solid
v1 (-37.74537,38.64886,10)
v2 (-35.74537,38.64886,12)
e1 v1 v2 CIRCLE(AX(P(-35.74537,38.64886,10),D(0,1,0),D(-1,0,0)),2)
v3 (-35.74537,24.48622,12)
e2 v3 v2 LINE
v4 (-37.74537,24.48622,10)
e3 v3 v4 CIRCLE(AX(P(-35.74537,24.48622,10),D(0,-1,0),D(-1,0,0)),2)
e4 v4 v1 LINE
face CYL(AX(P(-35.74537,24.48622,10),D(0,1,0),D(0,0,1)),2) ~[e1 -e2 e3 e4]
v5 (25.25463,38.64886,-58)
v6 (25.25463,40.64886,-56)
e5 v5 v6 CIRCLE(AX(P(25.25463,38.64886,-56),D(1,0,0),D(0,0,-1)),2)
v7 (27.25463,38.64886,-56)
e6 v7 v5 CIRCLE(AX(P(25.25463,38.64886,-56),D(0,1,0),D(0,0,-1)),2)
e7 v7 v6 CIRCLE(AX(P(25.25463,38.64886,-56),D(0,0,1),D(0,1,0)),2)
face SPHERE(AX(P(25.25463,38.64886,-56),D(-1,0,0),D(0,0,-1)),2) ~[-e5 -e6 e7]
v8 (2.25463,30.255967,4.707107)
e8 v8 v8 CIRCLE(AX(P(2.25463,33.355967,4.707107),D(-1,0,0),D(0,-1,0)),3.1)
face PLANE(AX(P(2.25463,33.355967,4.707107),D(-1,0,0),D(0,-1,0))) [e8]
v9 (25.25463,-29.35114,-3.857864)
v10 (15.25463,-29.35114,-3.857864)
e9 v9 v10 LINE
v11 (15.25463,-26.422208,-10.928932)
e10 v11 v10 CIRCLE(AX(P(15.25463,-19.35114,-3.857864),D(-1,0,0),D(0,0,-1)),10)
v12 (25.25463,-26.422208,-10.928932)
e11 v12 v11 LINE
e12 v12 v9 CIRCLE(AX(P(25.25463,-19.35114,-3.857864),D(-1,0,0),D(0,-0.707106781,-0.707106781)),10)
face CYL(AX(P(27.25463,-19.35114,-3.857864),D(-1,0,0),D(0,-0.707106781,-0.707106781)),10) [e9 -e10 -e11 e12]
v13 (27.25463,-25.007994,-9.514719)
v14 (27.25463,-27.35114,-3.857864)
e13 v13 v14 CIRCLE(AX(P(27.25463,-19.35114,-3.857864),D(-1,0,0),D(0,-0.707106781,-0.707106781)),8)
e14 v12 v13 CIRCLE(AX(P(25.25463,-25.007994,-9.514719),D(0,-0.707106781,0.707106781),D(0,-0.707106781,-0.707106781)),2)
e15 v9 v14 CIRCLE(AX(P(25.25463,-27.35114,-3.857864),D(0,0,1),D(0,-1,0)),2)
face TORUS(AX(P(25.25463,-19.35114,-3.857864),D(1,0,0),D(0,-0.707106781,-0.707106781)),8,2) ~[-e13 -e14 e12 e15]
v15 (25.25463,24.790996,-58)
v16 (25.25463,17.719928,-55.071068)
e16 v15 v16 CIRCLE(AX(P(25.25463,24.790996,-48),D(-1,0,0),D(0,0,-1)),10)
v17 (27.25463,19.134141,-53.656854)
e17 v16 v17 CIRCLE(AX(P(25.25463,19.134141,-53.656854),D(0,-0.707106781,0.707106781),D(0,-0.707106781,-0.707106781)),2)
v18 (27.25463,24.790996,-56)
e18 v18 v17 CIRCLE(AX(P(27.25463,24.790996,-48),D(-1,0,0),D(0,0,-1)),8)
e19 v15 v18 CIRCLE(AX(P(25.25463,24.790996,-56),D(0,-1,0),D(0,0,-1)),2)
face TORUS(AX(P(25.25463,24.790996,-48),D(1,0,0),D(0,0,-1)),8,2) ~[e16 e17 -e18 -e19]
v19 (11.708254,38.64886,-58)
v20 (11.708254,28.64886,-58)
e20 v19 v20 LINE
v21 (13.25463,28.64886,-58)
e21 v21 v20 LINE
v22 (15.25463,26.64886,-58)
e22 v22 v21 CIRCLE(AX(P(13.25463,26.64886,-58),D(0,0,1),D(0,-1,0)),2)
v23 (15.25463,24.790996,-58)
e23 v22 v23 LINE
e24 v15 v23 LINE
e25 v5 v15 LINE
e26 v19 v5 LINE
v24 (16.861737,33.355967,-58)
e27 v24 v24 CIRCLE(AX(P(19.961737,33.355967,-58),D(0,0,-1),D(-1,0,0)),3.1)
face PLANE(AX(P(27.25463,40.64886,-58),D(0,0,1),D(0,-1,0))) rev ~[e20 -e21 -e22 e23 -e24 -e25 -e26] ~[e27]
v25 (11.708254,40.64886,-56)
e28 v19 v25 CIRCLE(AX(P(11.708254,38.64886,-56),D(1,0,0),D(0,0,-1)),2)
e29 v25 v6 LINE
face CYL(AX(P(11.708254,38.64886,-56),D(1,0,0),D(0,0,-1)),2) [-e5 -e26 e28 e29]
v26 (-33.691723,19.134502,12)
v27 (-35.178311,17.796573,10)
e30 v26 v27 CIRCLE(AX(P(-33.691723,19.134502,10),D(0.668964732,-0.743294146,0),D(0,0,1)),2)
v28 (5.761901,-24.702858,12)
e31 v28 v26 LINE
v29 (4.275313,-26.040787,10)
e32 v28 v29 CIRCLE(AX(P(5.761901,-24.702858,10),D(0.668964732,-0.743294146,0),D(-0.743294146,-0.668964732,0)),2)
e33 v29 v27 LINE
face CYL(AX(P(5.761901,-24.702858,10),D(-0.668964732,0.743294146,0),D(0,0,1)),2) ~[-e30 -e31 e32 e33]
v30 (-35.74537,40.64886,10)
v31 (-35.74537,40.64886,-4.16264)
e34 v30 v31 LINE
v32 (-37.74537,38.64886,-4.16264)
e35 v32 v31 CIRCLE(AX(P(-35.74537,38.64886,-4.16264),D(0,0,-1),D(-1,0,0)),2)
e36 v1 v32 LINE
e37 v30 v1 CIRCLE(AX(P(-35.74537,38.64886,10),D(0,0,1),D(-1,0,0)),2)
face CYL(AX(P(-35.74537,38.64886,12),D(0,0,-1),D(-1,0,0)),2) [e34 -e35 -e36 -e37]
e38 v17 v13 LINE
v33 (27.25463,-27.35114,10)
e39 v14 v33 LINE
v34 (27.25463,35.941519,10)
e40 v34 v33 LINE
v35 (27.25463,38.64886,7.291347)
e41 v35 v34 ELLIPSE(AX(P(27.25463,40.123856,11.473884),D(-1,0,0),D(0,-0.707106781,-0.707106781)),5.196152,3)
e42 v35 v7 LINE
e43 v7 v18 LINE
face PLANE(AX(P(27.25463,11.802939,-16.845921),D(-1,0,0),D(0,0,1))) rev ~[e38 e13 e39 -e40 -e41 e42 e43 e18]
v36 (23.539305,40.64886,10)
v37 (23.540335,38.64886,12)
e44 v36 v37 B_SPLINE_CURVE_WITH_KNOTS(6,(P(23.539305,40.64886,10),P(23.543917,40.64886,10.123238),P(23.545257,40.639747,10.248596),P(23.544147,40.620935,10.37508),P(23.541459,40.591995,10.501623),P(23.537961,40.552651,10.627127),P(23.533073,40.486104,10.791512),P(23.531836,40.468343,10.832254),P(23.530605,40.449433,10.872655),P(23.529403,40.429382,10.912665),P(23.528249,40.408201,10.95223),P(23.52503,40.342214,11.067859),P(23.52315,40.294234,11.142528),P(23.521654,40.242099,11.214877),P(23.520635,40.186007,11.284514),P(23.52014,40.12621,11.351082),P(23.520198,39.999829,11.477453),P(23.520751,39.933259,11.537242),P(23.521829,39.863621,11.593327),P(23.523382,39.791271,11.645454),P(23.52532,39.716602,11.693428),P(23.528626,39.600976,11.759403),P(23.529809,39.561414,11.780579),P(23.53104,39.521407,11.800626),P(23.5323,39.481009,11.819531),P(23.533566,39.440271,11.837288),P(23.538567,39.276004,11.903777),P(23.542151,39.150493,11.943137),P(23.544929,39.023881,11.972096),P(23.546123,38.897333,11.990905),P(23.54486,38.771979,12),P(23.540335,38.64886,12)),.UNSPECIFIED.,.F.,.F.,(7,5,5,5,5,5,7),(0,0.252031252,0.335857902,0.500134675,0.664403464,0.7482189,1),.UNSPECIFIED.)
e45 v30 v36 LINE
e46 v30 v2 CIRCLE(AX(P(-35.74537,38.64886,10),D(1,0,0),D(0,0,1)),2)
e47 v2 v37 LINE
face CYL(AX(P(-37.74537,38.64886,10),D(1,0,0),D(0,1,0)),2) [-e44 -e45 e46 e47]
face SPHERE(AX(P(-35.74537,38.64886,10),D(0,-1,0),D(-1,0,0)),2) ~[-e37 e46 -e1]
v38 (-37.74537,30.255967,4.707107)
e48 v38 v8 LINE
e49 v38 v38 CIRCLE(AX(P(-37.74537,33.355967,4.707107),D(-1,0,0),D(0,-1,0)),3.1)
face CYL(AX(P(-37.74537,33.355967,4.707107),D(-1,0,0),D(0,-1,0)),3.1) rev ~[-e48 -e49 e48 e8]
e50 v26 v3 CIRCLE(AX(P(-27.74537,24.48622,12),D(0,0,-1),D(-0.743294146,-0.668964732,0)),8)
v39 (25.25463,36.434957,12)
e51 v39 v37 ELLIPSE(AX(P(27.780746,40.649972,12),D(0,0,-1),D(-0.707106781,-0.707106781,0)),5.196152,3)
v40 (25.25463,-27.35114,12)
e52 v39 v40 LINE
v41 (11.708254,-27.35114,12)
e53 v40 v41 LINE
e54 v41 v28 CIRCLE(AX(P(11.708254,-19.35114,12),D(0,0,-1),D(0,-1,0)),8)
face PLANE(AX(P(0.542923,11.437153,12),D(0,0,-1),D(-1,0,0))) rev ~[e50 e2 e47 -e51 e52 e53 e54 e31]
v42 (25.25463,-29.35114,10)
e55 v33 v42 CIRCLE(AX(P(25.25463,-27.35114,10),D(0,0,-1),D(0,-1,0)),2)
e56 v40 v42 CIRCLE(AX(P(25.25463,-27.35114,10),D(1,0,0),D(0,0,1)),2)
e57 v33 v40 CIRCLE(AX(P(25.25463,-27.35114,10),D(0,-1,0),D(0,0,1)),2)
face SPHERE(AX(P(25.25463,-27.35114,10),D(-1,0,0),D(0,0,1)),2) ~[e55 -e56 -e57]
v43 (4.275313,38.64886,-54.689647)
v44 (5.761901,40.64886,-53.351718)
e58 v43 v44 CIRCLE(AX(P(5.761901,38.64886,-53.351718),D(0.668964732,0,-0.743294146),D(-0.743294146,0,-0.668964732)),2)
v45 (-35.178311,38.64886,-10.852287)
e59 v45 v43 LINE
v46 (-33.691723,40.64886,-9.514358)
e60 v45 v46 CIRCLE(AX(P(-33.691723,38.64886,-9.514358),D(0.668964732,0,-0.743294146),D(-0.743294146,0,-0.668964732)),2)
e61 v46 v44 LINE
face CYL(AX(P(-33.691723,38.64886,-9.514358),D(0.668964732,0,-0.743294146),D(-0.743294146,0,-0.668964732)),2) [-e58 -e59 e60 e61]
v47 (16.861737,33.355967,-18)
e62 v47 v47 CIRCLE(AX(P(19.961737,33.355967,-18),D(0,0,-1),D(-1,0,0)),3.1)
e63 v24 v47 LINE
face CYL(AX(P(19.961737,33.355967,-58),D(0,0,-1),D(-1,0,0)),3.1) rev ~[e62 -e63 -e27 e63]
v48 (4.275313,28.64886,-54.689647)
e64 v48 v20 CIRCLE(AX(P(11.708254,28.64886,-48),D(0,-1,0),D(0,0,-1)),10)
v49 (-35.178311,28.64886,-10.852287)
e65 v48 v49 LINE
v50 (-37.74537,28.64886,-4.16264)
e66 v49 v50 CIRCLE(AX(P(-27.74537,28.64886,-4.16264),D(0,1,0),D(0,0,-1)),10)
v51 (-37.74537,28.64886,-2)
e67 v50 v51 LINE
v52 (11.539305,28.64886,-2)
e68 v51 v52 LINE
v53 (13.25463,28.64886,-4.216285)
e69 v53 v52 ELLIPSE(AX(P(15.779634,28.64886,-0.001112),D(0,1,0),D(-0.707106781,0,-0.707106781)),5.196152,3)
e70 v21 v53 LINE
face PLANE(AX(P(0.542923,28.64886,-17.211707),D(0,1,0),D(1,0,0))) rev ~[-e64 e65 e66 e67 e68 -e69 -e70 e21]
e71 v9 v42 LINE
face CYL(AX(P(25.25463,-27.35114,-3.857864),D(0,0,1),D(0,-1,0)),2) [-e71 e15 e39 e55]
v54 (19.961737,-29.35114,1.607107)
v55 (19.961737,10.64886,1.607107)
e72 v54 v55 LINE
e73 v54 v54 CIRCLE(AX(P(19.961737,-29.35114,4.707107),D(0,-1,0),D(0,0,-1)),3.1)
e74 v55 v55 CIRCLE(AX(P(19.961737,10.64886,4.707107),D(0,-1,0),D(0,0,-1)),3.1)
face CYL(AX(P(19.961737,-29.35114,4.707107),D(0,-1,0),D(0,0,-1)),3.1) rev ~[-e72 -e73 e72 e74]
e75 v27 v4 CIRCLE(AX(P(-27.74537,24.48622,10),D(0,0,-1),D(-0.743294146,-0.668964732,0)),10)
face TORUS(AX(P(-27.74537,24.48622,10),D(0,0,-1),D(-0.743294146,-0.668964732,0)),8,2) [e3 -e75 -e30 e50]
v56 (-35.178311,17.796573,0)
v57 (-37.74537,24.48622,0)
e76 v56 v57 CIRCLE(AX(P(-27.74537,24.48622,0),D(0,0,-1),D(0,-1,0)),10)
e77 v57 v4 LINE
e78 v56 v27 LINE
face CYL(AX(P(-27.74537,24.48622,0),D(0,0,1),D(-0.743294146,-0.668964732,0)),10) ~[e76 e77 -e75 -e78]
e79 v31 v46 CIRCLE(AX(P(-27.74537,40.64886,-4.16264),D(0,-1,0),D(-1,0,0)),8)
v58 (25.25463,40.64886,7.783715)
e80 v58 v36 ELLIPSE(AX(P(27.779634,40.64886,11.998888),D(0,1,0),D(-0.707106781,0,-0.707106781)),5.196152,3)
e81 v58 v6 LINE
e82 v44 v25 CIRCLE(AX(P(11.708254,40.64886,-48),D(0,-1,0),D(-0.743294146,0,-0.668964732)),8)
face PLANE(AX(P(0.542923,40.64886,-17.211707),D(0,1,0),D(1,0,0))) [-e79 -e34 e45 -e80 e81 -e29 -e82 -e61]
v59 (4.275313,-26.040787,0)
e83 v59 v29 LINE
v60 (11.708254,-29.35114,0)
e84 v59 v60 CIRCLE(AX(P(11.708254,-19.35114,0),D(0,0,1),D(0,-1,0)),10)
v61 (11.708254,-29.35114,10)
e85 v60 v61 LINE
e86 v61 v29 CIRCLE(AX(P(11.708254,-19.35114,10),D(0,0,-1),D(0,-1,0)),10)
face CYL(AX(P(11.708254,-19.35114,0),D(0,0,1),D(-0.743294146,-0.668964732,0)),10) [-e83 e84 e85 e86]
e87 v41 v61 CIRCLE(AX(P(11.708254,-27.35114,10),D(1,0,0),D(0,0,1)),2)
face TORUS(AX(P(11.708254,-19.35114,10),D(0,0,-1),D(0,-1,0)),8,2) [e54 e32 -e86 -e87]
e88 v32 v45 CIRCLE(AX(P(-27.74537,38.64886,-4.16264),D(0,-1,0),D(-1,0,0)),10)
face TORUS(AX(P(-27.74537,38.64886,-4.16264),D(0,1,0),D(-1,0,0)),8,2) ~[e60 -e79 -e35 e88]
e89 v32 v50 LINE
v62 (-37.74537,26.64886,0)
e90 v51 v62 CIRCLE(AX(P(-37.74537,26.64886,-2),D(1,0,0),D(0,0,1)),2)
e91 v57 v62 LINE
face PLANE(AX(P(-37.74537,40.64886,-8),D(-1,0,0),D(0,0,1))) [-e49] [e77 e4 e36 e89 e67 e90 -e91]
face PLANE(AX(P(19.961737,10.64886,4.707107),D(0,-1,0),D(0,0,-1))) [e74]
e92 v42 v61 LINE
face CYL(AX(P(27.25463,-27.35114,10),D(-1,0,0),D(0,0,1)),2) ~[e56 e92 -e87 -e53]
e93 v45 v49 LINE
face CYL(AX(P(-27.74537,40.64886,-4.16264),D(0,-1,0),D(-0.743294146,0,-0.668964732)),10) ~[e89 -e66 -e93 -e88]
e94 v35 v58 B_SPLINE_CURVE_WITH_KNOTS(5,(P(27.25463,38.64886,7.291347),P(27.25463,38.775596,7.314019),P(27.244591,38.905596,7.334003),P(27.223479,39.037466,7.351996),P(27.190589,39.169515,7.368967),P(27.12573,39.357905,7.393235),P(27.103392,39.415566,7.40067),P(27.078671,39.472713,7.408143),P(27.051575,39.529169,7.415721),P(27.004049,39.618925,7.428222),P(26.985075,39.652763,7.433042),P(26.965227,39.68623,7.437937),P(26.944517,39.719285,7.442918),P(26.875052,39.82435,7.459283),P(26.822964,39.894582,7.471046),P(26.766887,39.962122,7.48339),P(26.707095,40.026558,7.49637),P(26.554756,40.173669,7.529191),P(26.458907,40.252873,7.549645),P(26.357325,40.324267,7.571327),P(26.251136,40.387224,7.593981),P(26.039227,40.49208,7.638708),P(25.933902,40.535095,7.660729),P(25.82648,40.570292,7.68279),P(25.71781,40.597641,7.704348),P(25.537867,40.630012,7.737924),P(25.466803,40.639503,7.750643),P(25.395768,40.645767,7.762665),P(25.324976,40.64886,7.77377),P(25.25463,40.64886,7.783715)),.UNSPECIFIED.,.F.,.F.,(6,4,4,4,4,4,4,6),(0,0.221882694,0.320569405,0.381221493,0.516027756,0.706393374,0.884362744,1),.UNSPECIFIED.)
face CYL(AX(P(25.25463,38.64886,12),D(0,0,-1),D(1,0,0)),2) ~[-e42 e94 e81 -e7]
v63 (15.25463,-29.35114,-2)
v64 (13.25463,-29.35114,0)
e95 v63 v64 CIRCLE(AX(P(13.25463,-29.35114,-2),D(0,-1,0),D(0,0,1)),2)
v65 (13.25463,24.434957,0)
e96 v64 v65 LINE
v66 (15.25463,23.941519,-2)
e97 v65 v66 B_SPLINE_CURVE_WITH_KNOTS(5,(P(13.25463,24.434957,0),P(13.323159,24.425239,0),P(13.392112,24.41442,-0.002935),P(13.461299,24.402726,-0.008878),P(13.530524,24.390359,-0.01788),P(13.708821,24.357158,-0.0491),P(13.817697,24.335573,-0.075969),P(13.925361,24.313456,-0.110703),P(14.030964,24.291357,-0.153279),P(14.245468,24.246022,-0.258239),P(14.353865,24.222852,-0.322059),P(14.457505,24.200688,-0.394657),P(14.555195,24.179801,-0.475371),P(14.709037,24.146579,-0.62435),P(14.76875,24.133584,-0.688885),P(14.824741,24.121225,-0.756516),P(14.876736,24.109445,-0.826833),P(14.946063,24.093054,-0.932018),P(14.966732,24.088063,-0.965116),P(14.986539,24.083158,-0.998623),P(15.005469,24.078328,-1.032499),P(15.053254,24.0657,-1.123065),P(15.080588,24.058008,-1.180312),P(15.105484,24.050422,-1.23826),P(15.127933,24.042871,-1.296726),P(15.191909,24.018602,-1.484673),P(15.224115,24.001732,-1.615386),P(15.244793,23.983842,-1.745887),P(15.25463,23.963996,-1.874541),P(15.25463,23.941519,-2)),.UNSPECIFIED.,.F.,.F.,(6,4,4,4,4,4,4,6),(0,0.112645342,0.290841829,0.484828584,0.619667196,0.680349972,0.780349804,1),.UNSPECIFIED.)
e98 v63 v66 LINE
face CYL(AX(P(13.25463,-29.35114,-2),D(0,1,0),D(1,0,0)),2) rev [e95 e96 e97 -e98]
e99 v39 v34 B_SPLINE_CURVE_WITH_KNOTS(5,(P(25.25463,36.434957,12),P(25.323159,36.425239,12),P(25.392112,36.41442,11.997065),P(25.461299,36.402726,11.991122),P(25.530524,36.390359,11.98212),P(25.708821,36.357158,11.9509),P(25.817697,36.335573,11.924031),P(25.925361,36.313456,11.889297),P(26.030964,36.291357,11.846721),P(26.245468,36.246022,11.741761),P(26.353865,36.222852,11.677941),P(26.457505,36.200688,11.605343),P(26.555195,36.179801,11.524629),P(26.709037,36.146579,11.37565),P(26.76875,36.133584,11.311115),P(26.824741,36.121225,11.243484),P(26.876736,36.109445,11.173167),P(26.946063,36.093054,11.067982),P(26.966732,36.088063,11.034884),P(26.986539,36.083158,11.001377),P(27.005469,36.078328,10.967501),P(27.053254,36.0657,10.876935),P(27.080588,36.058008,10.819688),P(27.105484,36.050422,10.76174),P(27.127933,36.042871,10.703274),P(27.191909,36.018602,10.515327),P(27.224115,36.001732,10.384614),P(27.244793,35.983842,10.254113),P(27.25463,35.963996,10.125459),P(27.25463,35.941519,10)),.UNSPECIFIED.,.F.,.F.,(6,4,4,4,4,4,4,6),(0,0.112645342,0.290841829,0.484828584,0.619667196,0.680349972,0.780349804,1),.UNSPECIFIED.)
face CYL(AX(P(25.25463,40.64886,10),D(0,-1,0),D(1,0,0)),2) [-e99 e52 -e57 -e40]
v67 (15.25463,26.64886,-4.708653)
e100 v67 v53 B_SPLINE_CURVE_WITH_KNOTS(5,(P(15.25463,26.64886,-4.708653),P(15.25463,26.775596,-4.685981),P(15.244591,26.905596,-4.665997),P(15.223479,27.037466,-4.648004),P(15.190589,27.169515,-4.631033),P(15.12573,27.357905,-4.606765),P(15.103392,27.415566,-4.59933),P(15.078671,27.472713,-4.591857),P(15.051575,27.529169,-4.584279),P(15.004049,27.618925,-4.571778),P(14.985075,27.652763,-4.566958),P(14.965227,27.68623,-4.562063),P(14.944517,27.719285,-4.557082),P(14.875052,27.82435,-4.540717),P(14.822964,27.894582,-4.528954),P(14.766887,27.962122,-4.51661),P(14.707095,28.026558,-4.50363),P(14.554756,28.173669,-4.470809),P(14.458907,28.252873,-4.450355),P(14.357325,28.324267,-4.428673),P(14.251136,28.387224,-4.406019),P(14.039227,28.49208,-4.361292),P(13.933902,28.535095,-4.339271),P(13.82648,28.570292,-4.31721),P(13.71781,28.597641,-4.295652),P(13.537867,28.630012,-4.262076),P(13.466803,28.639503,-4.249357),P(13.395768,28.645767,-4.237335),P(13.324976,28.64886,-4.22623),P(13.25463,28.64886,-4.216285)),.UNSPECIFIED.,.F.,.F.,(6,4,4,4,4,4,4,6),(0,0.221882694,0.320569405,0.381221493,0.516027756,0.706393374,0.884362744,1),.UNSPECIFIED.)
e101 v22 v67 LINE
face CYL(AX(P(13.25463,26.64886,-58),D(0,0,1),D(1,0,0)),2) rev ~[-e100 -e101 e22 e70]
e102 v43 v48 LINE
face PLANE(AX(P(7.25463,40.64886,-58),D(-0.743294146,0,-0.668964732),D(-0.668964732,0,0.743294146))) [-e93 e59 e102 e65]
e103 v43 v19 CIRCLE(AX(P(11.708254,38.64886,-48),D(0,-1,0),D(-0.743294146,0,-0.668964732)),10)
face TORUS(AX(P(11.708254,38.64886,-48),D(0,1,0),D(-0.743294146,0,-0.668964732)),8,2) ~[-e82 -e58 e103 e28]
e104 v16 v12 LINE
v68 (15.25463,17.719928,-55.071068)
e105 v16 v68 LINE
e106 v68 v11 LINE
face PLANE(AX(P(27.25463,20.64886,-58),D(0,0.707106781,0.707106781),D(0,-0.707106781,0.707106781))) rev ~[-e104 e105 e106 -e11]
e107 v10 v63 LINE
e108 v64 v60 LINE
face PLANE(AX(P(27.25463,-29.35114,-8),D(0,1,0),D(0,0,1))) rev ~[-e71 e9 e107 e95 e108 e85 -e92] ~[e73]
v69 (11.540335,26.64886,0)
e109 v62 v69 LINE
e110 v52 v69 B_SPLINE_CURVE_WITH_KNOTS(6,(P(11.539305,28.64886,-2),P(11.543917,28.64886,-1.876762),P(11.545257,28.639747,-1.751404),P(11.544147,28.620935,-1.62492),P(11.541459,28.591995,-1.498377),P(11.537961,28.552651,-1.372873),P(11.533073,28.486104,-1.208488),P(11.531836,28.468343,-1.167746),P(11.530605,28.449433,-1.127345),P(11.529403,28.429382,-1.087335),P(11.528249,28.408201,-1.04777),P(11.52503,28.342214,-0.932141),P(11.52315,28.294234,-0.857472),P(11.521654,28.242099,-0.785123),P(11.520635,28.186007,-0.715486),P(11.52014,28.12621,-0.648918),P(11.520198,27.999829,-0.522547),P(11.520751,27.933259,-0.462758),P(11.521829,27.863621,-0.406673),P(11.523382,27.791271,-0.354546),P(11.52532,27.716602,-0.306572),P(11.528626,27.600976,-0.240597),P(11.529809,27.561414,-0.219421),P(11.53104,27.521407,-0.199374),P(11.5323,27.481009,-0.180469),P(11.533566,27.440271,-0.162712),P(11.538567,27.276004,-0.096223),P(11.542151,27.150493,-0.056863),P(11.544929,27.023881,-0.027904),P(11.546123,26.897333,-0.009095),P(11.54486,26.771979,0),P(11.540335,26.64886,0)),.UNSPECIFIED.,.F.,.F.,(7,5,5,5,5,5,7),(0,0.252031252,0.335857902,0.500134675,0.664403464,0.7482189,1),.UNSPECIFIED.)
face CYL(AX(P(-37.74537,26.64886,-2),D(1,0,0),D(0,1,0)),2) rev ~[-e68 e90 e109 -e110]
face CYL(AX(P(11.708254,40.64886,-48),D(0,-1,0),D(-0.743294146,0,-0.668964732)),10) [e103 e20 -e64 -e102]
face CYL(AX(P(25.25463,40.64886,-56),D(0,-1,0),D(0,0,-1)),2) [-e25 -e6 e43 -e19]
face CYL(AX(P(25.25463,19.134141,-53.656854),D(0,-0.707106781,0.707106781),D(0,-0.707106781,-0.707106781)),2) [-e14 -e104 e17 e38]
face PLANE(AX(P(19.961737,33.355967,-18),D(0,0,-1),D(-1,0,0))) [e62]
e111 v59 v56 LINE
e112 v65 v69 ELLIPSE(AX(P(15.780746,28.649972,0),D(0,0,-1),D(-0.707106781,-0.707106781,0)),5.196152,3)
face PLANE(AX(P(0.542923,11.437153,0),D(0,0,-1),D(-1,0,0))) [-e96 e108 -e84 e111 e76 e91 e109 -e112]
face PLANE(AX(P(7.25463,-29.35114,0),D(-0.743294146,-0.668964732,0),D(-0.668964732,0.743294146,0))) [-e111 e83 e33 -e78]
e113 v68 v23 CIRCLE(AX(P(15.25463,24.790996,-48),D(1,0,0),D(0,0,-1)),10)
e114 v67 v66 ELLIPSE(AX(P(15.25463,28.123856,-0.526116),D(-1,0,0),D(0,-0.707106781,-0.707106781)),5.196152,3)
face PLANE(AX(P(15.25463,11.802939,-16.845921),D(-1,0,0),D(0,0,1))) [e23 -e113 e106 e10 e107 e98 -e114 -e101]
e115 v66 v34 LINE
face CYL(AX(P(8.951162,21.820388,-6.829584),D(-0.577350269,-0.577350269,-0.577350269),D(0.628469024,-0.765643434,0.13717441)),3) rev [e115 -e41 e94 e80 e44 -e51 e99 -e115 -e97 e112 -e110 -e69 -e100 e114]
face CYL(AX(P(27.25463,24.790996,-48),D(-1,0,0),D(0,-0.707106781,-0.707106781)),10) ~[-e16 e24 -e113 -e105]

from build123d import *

# Parameters (mm, degrees)
RESSALTO_EXTRUS_O1_DEPTH   = 12
RESSALTO_EXTRUS_O2_DEPTH   = 12
RESSALTO_EXTRUS_O3_DEPTH   = 12
FILETE1_R                  = 10
FILETE2_R                  = 2
FILETE3_R                  = 2
ESBO_O11_R                 = 3.1
CORTE_EXTRUS_O4_DEPTH      = 40
ESBO_O12_R                 = 3.1
CORTE_EXTRUS_O5_DEPTH      = 40
ESBO_O10_R                 = 3.1
CORTE_EXTRUS_O6_DEPTH      = 40
CORTE_EXTRUS_O8_DEPTH      = 10
CORTE_EXTRUS_O8_DEPTH_BACK = 30
ESBO_O15_R                 = 3


with BuildPart() as part:
    # Esboço1 → Ressalto-extrusão1 (new body)
    with BuildSketch(Plane.XY):
        Polygon((7.254630019, -29.35114002), (-37.745369981, 20.64885998), (-37.745369981, 40.64885998), (27.254630019, 40.64885998), (27.254630019, -29.35114002), align=None)
    extrude(amount=RESSALTO_EXTRUS_O1_DEPTH)

    # Esboço2 → Ressalto-extrusão2 (add)
    with BuildSketch(Plane(origin=(0, 40.64885998, 0), x_dir=(1, 0, 0), z_dir=(0, 1, 0))):
        Polygon((7.254630019, 58), (-37.745369981, 8), (-37.745369981, -12), (27.254630019, -12), (27.254630019, 58), align=None)
    extrude(amount=-RESSALTO_EXTRUS_O2_DEPTH)

    # Esboço3 → Ressalto-extrusão3 (add)
    with BuildSketch(Plane(origin=(27.254630019, 0, 0), x_dir=(0, 0, -1), z_dir=(1, 0, 0))):
        Polygon((58, 20.64885998), (8, -29.35114002), (-12, -29.35114002), (-12, 40.64885998), (58, 40.64885998), align=None)
    extrude(amount=-RESSALTO_EXTRUS_O3_DEPTH)

    # Filete1
    filete1_edges = [part.edges().sort_by_distance(p)[0] for p in [
        (-37.745369981, 34.64885998, -8),
        (7.254630019, 34.64885998, -58),
        (21.254630019, -29.35114002, -8),
        (21.254630019, 20.64885998, -58),
        (7.254630019, -29.35114002, 6),
        (-37.745369981, 20.64885998, 6),
    ]]
    fillet(filete1_edges, radius=FILETE1_R)

    # Filete2
    filete2_edges = [part.edges().sort_by_distance(p)[0] for p in [
        (-37.745369981, 32.567540006, 12),
        (19.481442042, 40.64885998, -58),
        (27.254630019, 5.64885998, 12),
        (-15.45149942, 40.64885998, -32.77096729),
        (7.639868216, 40.64885998, -57.135000634),
        (-37.081574098, 40.64885998, -7.74527762),
        (-15.45149942, -4.12210731, 12),
        (19.481442042, -29.35114002, 12),
        (7.639868216, -28.486140654, 12),
        (-37.081574098, 20.90358236, 12),
        (27.254630019, -4.35114002, -33),
        (27.254630019, 32.719927792, -58),
        (27.254630019, 20.96416128, -57.238795325),
        (27.254630019, -28.589935345, -7.6846987),
        (-5.245369981, 40.64885998, 12),
        (27.254630019, -29.35114002, 4.071067812),
        (-37.745369981, 40.64885998, 3.918680026),
        (27.254630019, 40.64885998, -23),
    ]]
    fillet(filete2_edges, radius=FILETE2_R)

    # Filete3
    filete3_edges = [part.edges().sort_by_distance(p)[0] for p in [
        (-11.245369981, 28.64885998, 0),
        (15.254630019, -0.35114002, 0),
        (15.254630019, 28.64885998, -29),
    ]]
    fillet(filete3_edges, radius=FILETE3_R)

    # Esboço11 → Corte-extrusão4 (cut)
    with BuildSketch(Plane.ZY.offset(37.745369981)):
        with Locations(Location((4.707106781, 33.355966761, 0), (0, 0, 270))):
            Circle(ESBO_O11_R)
    extrude(amount=-CORTE_EXTRUS_O4_DEPTH, mode=Mode.SUBTRACT)

    # Esboço12 → Corte-extrusão5 (cut)
    with BuildSketch(Plane.XZ.offset(29.35114002)):
        with Locations(Location((19.9617368, 4.707106781, 0), (0, 0, 270))):
            Circle(ESBO_O12_R)
    extrude(amount=-CORTE_EXTRUS_O5_DEPTH, mode=Mode.SUBTRACT)

    # Esboço10 → Corte-extrusão6 (cut)
    with BuildSketch(Plane(origin=(0, 0, -58), x_dir=(-1, 0, 0), z_dir=(0, 0, -1))):
        with Locations((-19.9617368, 33.355966761)):
            Circle(ESBO_O10_R)
    extrude(amount=-CORTE_EXTRUS_O6_DEPTH, mode=Mode.SUBTRACT)

    # Esboço15 → Corte-extrusão8 (cut, two sides: drawn at the far end of the back side and taken through both)
    with BuildSketch(Plane(origin=(25.301163333, 25.301163333, 25.301163333), x_dir=(0.8164965809277263, -0.40824829046386346, -0.40824829046386246), z_dir=(0.5773502691896256, 0.5773502691896265, 0.5773502691896252)).offset(-CORTE_EXTRUS_O8_DEPTH_BACK)):
        with Locations(Location((1.188623136, 20.258589603, 0), (0, 0, 320.328232449))):
            Circle(ESBO_O15_R)
    extrude(amount=CORTE_EXTRUS_O8_DEPTH + CORTE_EXTRUS_O8_DEPTH_BACK, mode=Mode.SUBTRACT)


solid = part.part
